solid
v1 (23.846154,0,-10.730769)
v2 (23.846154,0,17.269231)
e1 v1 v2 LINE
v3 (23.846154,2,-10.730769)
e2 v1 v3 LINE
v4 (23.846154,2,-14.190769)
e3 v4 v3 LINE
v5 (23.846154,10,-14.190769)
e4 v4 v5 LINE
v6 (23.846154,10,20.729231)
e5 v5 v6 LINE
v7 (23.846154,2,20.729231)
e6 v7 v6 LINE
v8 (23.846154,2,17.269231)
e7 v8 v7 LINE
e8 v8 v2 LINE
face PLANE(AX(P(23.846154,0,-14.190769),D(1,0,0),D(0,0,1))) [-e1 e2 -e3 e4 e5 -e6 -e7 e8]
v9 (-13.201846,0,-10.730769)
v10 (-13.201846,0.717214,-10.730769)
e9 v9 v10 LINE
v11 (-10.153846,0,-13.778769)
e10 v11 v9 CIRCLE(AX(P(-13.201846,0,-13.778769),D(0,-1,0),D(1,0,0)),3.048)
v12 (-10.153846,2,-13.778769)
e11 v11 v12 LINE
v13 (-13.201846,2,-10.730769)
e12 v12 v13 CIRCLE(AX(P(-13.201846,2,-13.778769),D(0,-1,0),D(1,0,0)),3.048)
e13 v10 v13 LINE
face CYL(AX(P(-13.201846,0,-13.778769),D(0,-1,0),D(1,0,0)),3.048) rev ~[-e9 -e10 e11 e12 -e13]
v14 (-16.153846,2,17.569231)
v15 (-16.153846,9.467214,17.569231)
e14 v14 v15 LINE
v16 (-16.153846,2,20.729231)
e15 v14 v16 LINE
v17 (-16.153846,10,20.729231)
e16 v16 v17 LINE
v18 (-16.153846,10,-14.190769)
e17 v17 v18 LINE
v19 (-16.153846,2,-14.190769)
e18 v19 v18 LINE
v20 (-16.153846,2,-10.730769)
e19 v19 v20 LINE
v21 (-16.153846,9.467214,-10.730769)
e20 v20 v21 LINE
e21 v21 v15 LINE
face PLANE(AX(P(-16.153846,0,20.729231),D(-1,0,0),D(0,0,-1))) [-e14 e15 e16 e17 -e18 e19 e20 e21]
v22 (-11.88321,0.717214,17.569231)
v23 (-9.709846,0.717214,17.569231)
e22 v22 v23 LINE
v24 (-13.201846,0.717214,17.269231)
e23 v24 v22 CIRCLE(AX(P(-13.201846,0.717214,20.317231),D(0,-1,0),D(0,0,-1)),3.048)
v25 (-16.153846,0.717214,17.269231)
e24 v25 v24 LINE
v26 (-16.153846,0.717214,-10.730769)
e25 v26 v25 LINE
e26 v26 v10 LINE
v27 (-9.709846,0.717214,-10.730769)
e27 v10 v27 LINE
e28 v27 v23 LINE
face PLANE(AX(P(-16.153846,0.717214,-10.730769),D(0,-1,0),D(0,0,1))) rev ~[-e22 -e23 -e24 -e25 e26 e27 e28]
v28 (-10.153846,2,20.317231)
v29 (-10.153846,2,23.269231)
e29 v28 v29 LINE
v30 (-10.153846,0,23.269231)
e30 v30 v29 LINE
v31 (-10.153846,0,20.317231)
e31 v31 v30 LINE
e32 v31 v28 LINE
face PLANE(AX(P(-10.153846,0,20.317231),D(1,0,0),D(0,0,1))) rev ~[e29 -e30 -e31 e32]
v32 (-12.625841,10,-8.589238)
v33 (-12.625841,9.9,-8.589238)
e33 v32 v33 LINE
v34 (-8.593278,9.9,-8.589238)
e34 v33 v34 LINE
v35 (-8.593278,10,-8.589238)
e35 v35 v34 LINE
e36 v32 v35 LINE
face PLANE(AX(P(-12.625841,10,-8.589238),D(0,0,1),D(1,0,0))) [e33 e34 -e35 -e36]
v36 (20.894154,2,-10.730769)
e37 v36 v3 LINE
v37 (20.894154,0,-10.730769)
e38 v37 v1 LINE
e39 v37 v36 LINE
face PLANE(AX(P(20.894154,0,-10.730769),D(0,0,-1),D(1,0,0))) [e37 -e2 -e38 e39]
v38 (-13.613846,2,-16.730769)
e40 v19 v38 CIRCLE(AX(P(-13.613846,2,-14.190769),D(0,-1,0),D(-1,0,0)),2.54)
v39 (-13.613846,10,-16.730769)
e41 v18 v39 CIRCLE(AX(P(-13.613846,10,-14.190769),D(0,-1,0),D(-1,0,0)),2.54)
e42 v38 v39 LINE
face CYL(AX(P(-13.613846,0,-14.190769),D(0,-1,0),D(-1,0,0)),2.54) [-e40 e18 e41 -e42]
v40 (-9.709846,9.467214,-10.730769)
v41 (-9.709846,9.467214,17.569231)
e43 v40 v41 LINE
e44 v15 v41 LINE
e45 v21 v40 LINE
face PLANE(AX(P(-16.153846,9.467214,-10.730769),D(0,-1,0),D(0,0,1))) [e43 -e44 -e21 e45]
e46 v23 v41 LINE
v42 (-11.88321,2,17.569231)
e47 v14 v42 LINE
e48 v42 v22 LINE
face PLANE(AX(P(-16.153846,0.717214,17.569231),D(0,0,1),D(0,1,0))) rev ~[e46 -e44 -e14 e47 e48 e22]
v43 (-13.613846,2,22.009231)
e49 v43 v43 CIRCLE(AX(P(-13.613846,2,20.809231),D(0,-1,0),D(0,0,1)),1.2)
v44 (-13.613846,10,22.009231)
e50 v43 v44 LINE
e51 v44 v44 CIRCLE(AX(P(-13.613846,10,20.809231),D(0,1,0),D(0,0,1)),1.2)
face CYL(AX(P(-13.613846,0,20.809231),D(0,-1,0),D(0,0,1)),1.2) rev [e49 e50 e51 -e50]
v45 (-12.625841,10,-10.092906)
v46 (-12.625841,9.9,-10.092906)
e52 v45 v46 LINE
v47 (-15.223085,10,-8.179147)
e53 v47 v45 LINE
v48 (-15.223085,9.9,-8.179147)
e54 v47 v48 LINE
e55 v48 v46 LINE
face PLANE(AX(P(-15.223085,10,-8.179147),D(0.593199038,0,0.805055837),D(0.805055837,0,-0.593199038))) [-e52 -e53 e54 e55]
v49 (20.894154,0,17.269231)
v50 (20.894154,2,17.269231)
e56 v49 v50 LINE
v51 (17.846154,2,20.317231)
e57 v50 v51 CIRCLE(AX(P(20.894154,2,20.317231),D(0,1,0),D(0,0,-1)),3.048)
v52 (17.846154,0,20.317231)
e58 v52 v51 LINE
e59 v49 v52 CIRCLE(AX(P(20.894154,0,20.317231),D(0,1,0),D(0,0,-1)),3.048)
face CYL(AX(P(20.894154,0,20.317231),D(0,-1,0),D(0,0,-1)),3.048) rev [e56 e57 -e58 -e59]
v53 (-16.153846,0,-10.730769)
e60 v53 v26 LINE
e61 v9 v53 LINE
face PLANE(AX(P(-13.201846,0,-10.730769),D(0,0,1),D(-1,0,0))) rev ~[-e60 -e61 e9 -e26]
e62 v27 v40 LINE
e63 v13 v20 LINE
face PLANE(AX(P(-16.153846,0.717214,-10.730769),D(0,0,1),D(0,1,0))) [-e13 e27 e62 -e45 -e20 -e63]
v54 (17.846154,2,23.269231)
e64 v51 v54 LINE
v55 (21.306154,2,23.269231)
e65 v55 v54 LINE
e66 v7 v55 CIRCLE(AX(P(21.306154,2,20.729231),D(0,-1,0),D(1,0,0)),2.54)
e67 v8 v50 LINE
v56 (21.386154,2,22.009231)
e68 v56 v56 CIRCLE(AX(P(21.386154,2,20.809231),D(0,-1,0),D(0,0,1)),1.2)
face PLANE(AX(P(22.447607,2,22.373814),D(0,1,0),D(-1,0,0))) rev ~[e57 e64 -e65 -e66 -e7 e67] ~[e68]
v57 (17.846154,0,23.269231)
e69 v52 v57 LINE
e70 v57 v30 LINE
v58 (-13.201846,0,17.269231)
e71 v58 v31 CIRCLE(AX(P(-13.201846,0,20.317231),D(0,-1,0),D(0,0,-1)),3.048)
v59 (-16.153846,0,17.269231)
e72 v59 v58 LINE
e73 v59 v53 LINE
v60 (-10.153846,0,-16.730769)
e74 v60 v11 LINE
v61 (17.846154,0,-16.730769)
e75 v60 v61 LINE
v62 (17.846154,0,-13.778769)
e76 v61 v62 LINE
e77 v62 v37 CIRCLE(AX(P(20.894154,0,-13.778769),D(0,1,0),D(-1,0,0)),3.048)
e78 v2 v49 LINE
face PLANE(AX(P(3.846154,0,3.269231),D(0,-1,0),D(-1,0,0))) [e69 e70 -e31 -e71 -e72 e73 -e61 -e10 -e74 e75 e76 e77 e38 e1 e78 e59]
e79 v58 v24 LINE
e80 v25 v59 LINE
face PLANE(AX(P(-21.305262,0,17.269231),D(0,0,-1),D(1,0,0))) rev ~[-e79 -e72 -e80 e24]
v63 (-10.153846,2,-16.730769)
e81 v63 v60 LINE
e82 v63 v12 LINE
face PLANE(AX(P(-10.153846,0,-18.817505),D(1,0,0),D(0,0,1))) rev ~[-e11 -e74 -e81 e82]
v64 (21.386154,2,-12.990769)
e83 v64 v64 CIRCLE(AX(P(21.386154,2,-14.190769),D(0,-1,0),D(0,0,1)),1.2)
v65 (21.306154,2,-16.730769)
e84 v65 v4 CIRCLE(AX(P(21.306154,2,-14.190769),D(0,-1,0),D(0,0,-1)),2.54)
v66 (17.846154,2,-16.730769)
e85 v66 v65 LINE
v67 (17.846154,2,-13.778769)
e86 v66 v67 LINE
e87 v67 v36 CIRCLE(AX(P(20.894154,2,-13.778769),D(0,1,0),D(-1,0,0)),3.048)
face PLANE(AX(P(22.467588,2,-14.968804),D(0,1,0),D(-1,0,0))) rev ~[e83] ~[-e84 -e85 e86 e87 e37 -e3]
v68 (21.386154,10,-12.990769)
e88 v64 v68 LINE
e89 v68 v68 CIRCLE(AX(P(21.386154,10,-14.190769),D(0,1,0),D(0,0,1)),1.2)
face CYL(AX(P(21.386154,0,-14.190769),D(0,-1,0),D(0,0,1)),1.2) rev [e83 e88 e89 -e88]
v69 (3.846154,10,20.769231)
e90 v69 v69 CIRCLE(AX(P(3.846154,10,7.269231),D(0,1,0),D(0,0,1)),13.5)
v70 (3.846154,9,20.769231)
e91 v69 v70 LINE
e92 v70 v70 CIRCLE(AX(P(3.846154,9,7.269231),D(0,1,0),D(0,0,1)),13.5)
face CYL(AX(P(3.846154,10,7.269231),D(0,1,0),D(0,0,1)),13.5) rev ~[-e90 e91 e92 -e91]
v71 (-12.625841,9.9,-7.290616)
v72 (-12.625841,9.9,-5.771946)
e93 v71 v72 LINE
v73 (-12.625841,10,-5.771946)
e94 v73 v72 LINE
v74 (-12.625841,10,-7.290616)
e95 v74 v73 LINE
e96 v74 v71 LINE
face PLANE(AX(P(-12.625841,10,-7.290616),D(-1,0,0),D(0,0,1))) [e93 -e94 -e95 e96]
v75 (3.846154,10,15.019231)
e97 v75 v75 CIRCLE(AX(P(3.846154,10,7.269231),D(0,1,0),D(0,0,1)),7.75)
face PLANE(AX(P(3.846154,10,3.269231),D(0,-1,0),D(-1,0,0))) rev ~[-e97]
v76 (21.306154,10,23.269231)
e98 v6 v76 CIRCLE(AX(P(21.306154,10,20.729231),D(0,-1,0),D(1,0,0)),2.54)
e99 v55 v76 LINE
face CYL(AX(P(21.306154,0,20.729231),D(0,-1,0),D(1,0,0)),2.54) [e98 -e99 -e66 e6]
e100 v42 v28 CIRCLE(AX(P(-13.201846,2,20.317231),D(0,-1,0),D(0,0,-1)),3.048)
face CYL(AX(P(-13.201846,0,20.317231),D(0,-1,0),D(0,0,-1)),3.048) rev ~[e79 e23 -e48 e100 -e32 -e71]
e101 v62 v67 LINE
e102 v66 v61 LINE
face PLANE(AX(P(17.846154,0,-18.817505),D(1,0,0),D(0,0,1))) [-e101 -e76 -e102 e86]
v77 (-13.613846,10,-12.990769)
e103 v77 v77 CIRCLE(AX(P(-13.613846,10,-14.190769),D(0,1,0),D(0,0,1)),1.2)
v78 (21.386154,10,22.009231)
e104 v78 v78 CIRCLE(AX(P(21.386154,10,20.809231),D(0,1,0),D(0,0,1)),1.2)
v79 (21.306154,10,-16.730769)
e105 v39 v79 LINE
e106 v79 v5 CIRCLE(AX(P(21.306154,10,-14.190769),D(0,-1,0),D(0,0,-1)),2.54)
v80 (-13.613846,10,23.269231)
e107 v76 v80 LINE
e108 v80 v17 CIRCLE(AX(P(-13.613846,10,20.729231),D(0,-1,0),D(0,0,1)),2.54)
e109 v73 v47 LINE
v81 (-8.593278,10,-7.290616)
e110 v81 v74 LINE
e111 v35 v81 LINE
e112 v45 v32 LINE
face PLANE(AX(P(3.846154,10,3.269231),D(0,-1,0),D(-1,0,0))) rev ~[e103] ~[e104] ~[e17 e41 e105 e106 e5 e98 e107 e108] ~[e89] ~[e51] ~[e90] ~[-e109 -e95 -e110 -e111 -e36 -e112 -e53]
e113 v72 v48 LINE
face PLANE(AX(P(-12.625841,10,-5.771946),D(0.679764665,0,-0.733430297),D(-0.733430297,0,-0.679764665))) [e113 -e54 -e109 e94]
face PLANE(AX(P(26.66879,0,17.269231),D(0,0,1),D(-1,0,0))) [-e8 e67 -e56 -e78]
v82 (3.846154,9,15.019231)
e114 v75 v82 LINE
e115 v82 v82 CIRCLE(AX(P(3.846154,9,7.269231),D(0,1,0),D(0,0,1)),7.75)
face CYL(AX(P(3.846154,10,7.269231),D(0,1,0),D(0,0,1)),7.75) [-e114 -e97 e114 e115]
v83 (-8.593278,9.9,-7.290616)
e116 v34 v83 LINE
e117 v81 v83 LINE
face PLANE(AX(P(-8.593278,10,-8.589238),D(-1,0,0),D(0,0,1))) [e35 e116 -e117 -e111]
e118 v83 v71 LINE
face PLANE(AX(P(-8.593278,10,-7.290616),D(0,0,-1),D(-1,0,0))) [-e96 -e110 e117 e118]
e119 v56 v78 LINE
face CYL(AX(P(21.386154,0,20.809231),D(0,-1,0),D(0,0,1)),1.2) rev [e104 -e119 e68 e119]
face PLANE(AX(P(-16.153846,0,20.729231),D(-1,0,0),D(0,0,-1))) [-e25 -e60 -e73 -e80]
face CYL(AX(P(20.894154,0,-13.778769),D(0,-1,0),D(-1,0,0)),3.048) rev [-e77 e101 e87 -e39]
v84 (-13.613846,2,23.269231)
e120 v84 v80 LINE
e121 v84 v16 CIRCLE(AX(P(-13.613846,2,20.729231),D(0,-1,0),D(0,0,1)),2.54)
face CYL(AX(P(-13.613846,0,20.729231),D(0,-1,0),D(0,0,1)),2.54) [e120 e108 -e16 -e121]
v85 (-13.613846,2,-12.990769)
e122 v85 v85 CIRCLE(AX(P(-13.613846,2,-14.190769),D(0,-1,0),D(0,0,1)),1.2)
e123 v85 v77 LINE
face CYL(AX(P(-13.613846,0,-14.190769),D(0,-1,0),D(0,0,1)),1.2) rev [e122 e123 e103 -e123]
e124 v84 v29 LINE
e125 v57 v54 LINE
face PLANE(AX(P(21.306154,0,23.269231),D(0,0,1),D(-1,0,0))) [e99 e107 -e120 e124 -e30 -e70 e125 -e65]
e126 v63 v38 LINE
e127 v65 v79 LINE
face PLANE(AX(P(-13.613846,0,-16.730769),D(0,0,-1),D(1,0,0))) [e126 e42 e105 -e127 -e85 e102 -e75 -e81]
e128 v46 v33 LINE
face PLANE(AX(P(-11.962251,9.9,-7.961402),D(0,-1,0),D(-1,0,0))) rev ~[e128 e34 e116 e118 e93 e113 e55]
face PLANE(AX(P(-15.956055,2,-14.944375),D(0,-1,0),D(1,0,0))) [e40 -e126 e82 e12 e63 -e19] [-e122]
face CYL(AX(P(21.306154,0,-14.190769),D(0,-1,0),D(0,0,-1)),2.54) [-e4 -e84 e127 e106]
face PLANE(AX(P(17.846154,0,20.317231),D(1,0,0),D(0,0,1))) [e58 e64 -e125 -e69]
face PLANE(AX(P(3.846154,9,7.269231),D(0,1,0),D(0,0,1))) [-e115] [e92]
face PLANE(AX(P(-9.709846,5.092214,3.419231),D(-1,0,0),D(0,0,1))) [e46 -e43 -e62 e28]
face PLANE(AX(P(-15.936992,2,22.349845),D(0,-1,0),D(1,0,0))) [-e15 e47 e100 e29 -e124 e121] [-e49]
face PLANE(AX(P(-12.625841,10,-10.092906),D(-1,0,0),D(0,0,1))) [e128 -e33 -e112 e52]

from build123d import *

# Parameters (mm, degrees)
SKETCH1_R           = 1.2
BOSS_EXTRUDE1_DEPTH = 10
SKETCH3_R           = 13.5
SKETCH3_R_2         = 7.75
CUT_EXTRUDE1_DEPTH  = 1
SKETCH4_W           = 28.3
SKETCH4_H           = 8.75
CUT_EXTRUDE2_DEPTH  = 6.444
CUT_EXTRUDE3_DEPTH  = 0.1
CUT_EXTRUDE4_DEPTH  = 2


with BuildPart() as part:
    # Sketch1 → Boss-Extrude1 (new body)
    with BuildSketch(Plane(origin=(0, 0, 0), x_dir=(1, 0, 0), z_dir=(0, 1, 0))):
        with BuildLine():
            Line((-13.613846154, 16.730769231), (21.306153846, 16.730769231))
            ThreePointArc((21.306153846, 16.730769231), (23.10220507, 15.986820455), (23.846153846, 14.190769231))
            Line((23.846153846, 14.190769231), (23.846153846, -20.729230769))
            ThreePointArc((23.846153846, -20.729230769), (23.10220507, -22.525281993), (21.306153846, -23.269230769))
            Line((21.306153846, -23.269230769), (-13.613846154, -23.269230769))
            ThreePointArc((-13.613846154, -23.269230769), (-15.409897378, -22.525281993), (-16.153846154, -20.729230769))
            Line((-16.153846154, -20.729230769), (-16.153846154, 14.190769231))
            ThreePointArc((-16.153846154, 14.190769231), (-15.409897378, 15.986820455), (-13.613846154, 16.730769231))
        make_face()
        with Locations(Location((-13.613846154, 14.190769231, 0), (0, 0, 270))):
            Circle(SKETCH1_R, mode=Mode.SUBTRACT)
        with Locations(Location((21.386153846, 14.190769231, 0), (0, 0, 270))):
            Circle(SKETCH1_R, mode=Mode.SUBTRACT)
        with Locations(Location((21.386153846, -20.809230769, 0), (0, 0, 270))):
            Circle(SKETCH1_R, mode=Mode.SUBTRACT)
        with Locations(Location((-13.613846154, -20.809230769, 0), (0, 0, 270))):
            Circle(SKETCH1_R, mode=Mode.SUBTRACT)
    extrude(amount=BOSS_EXTRUDE1_DEPTH)

    # Sketch3 → Cut-Extrude1 (cut)
    with BuildSketch(Plane(origin=(0, 10, 0), x_dir=(1, 0, 0), z_dir=(0, 1, 0))):
        with Locations(Location((3.846153846, -7.269230769, 0), (0, 0, 270))):
            Circle(SKETCH3_R)
        with Locations(Location((3.846153846, -7.269230769, 0), (0, 0, 270))):
            Circle(SKETCH3_R_2, mode=Mode.SUBTRACT)
    extrude(amount=-CUT_EXTRUDE1_DEPTH, mode=Mode.SUBTRACT)

    # Sketch4 → Cut-Extrude2 (cut)
    with BuildSketch(Plane.ZY.offset(16.153846154)):
        with Locations((3.419230769, 5.092214042)):
            Rectangle(SKETCH4_W, SKETCH4_H)
    extrude(amount=-CUT_EXTRUDE2_DEPTH, mode=Mode.SUBTRACT)

    # Sketch5 → Cut-Extrude3 (cut)
    with BuildSketch(Plane(origin=(0, 10, 0), x_dir=(1, 0, 0), z_dir=(0, 1, 0))):
        Polygon((-12.625840765, 10.092905938), (-12.625840765, 8.58923838), (-8.593277769, 8.58923838), (-8.593277769, 7.290616398), (-12.625840765, 7.290616398), (-12.625840765, 5.771945506), (-15.223084728, 8.179147228), align=None)
    extrude(amount=-CUT_EXTRUDE3_DEPTH, mode=Mode.SUBTRACT)

    # Sketch6 → Cut-Extrude4 (cut)
    with BuildSketch(Plane.XZ):
        with BuildLine():
            Line((-16.153846154, 17.269230769), (-13.201846154, 17.269230769))
            ThreePointArc((-13.201846154, 17.269230769), (-11.046584685, 18.1619693), (-10.153846154, 20.317230769))
            Line((-10.153846154, 20.317230769), (-10.153846154, 23.269230769))
            Line((-10.153846154, 23.269230769), (-10.153846154, 27.06129419))
            Line((-10.153846154, 27.06129419), (-21.305262053, 27.06129419))
            Line((-21.305262053, 27.06129419), (-21.305262053, 17.269230769))
            Line((-21.305262053, 17.269230769), (-16.153846154, 17.269230769))
        make_face()
        with BuildLine():
            Line((23.846153846, 17.269230769), (20.894153846, 17.269230769))
            ThreePointArc((20.894153846, 17.269230769), (18.738892377, 18.1619693), (17.846153846, 20.317230769))
            Line((17.846153846, 20.317230769), (17.846153846, 23.269230769))
            Line((17.846153846, 23.269230769), (17.846153846, 27.06129419))
            Line((17.846153846, 27.06129419), (26.668789671, 27.06129419))
            Line((26.668789671, 27.06129419), (26.668789671, 17.269230769))
            Line((26.668789671, 17.269230769), (23.846153846, 17.269230769))
        make_face()
        with BuildLine():
            Line((-10.153846154, -16.730769231), (-10.153846154, -13.778769231))
            ThreePointArc((-10.153846154, -13.778769231), (-11.046584685, -11.623507762), (-13.201846154, -10.730769231))
            Line((-13.201846154, -10.730769231), (-16.153846154, -10.730769231))
            Line((-16.153846154, -10.730769231), (-21.305262053, -10.730769231))
            Line((-21.305262053, -10.730769231), (-21.305262053, -18.817505275))
            Line((-21.305262053, -18.817505275), (-10.153846154, -18.817505275))
            Line((-10.153846154, -18.817505275), (-10.153846154, -16.730769231))
        make_face()
        with BuildLine():
            Line((17.846153846, -16.730769231), (17.846153846, -13.778769231))
            ThreePointArc((17.846153846, -13.778769231), (18.738892377, -11.623507762), (20.894153846, -10.730769231))
            Line((20.894153846, -10.730769231), (23.846153846, -10.730769231))
            Line((23.846153846, -10.730769231), (26.668789671, -10.730769231))
            Line((26.668789671, -10.730769231), (26.668789671, -18.817505275))
            Line((26.668789671, -18.817505275), (17.846153846, -18.817505275))
            Line((17.846153846, -18.817505275), (17.846153846, -16.730769231))
        make_face()
    extrude(amount=-CUT_EXTRUDE4_DEPTH, mode=Mode.SUBTRACT)


solid = part.part
